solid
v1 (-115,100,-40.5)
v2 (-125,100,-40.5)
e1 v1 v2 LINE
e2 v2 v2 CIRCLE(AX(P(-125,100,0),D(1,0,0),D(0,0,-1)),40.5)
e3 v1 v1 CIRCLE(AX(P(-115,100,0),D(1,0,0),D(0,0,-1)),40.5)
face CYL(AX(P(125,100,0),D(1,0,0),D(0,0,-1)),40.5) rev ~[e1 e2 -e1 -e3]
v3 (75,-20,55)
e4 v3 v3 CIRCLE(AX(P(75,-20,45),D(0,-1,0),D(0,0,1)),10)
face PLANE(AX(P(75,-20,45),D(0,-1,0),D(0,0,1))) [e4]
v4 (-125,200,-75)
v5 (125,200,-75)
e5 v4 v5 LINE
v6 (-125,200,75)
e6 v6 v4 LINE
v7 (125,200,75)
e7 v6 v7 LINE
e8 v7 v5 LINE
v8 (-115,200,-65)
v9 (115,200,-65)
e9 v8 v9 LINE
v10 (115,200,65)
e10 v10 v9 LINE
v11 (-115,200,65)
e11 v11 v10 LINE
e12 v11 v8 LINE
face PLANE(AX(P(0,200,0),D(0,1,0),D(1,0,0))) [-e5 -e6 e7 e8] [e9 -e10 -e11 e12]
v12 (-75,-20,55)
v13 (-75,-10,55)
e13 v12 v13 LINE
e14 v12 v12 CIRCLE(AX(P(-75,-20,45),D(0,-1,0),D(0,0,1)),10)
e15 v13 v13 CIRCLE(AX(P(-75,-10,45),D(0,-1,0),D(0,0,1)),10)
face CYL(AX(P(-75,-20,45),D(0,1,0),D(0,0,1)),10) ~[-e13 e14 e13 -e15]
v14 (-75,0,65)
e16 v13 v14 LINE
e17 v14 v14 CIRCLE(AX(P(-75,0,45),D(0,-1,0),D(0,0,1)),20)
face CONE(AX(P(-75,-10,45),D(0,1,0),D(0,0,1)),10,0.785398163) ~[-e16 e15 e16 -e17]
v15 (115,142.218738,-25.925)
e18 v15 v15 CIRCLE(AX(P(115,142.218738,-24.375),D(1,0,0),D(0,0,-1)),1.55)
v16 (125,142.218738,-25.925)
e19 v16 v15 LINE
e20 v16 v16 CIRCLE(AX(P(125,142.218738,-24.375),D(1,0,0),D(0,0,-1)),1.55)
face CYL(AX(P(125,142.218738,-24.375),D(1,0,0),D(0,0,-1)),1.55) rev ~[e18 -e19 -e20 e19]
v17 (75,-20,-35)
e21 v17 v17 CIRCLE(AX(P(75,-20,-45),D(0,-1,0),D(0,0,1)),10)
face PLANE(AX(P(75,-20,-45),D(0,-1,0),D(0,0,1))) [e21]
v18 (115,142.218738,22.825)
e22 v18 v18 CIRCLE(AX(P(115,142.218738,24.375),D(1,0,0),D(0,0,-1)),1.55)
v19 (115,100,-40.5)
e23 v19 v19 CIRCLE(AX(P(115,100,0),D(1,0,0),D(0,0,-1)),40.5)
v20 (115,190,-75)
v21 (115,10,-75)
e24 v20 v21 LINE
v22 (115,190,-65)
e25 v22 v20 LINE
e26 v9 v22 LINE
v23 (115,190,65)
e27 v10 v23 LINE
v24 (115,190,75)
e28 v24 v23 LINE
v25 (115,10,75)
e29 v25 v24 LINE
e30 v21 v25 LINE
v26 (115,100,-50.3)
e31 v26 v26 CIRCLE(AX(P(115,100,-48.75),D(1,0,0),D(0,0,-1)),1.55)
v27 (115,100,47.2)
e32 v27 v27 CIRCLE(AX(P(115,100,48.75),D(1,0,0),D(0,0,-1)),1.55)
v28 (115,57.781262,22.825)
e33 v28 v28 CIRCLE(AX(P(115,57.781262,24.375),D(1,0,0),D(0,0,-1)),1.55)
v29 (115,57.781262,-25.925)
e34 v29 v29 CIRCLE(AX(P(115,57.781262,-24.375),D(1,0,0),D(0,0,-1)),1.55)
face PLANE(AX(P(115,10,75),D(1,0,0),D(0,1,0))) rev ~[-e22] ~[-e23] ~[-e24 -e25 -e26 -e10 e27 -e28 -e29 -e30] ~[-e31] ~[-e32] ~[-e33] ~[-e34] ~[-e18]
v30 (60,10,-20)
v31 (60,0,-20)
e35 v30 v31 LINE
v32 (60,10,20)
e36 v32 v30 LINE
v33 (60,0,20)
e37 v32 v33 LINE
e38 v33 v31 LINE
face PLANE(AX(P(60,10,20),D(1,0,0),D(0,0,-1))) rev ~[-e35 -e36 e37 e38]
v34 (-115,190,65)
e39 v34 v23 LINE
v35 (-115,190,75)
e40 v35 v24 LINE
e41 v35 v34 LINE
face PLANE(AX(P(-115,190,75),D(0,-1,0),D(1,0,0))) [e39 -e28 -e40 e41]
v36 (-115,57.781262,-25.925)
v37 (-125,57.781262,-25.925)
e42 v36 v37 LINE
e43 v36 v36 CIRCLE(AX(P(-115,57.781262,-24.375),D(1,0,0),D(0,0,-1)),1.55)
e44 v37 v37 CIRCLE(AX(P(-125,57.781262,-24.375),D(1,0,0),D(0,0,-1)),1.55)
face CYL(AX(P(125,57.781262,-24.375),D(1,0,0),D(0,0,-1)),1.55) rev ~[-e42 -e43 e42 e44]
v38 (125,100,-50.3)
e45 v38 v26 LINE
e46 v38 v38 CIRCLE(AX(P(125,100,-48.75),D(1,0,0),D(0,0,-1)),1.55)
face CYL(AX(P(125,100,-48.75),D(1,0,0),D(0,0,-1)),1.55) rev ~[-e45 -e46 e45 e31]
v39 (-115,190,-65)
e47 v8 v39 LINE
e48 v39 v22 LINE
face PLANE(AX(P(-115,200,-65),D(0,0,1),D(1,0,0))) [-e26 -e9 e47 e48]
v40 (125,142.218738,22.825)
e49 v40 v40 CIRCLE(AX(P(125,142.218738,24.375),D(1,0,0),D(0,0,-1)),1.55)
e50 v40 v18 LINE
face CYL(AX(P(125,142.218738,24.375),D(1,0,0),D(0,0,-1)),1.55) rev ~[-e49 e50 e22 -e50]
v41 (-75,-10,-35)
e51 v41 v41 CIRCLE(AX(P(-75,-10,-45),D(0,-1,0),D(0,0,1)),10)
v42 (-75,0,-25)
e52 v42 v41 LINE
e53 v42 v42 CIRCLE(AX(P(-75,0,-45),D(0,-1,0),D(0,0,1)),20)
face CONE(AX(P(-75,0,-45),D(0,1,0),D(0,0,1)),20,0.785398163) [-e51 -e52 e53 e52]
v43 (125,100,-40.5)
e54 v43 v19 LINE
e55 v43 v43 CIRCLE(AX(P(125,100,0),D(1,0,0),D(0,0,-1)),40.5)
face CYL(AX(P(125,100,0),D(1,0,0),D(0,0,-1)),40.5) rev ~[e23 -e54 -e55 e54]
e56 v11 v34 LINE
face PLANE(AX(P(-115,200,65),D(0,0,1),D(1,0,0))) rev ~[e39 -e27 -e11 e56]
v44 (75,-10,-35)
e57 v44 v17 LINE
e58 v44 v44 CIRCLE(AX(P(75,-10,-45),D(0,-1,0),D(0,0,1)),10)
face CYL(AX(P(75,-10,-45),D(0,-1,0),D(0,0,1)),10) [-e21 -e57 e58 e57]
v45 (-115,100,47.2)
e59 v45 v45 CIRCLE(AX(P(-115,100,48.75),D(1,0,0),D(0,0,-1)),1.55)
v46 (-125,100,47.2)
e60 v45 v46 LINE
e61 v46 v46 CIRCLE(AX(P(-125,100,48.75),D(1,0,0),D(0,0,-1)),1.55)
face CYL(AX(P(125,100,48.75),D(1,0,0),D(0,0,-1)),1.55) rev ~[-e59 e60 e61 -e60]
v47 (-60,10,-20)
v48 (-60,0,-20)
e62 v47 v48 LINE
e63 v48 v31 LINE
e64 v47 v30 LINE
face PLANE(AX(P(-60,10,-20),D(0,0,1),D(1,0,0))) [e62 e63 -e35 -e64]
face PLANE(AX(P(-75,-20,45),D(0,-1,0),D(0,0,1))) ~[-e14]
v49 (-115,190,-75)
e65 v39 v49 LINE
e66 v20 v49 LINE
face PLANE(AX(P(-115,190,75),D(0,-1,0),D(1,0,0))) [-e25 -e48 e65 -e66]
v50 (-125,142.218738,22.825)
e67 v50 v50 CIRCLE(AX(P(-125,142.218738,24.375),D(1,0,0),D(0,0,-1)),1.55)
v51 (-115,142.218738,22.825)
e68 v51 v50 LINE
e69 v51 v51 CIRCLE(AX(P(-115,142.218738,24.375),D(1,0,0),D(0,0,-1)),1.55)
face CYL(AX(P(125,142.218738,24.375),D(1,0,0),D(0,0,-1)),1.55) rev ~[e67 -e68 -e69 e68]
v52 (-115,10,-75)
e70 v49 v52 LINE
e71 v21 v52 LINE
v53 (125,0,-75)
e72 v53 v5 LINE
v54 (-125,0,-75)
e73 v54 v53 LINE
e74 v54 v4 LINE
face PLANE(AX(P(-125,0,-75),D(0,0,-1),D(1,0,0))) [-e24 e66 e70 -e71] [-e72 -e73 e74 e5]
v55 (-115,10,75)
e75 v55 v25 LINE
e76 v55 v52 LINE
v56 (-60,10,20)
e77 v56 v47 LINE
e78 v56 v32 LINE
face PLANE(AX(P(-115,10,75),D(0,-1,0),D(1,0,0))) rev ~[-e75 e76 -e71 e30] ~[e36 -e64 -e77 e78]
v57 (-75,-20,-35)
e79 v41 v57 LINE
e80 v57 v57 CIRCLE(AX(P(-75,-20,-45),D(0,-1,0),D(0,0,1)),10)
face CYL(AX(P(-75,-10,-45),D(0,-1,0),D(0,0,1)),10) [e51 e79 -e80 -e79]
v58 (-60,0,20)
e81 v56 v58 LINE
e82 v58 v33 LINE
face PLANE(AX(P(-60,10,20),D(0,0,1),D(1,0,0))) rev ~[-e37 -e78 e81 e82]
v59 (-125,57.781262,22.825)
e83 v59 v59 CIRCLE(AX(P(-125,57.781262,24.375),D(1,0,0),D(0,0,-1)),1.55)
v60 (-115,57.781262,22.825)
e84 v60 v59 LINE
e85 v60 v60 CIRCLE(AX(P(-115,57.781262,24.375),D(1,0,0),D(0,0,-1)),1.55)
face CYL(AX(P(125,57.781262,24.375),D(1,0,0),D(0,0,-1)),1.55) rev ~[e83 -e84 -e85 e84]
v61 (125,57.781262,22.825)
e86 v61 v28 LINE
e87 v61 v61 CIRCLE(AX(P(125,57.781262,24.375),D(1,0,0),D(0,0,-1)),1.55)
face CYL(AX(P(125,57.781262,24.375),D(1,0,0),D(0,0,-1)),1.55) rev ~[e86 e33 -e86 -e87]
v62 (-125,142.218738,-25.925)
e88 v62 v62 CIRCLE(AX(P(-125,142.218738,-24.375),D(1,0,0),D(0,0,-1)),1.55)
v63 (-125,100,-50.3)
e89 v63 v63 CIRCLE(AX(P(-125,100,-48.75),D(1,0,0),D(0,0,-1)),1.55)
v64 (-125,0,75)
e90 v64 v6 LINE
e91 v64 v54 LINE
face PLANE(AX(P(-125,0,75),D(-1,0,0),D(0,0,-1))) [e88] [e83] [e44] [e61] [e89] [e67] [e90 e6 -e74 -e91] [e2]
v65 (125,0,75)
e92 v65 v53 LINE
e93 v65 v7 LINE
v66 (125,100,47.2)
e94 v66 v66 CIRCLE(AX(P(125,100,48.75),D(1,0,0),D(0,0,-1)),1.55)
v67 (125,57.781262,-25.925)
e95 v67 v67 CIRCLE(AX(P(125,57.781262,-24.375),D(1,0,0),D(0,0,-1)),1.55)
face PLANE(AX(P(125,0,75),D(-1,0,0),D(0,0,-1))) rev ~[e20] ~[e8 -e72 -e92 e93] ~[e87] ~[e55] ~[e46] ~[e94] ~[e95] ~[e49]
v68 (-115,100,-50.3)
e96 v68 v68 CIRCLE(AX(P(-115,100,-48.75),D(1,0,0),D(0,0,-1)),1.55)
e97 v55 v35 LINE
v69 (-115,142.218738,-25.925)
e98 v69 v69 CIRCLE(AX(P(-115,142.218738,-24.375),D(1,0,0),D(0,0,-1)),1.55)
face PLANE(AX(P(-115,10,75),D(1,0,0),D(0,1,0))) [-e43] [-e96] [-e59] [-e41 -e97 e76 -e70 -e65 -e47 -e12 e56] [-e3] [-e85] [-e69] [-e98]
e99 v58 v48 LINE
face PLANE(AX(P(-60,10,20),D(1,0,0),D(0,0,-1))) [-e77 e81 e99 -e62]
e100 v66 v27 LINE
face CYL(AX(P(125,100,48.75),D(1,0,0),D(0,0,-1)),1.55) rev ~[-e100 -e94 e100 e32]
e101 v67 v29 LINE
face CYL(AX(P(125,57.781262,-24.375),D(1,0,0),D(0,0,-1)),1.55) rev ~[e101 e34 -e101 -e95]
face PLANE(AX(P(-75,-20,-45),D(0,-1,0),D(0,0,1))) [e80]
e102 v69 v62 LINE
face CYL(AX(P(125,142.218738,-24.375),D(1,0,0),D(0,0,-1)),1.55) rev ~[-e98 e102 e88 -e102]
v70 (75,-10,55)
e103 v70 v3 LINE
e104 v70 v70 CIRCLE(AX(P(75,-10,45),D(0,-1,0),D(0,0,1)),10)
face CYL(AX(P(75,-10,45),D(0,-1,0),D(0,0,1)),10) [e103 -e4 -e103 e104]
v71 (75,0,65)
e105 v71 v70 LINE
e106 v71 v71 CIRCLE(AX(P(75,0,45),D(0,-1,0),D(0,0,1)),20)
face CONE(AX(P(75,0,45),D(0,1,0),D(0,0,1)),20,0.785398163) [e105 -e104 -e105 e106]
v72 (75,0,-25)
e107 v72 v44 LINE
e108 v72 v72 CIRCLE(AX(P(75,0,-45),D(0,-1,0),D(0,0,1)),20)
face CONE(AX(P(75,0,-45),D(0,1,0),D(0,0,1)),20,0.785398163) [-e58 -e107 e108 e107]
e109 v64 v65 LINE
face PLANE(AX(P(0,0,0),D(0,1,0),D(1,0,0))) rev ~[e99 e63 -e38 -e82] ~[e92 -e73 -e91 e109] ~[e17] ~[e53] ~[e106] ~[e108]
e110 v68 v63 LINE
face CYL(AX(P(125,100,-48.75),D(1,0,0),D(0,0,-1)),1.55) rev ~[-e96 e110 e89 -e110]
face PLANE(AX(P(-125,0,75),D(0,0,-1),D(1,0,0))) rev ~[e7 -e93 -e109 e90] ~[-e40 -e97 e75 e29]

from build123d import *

# Parameters (mm, degrees)
SKETCH_1_W          = 250
SKETCH_1_H          = 150
EXTRUDE_2_DEPTH     = 200
SKETCH_3_W          = 230
SKETCH_3_H          = 130
CUT_EXTRUDE_1_DEPTH = 190
SKETCH_4_W          = 230
SKETCH_4_H          = 180
CUT_EXTRUDE_2_DEPTH = 190
SKETCH_5_R          = 40.5
SKETCH_5_R_2        = 1.55
CUT_EXTRUDE_3_DEPTH = 250
SKETCH_14_W         = 120
SKETCH_14_H         = 40
CUT_EXTRUDE_4_DEPTH = 20


with BuildPart() as part:
    # 草图1 → 凸台-拉伸2 (new body)
    with BuildSketch(Plane(origin=(0, 0, 0), x_dir=(1, 0, 0), z_dir=(0, 1, 0))):
        Rectangle(SKETCH_1_W, SKETCH_1_H)
    extrude(amount=EXTRUDE_2_DEPTH)

    # 草图3 → 切除-拉伸1 (cut)
    with BuildSketch(Plane(origin=(0, 200, 0), x_dir=(1, 0, 0), z_dir=(0, 1, 0))):
        Rectangle(SKETCH_3_W, SKETCH_3_H)
    extrude(amount=-CUT_EXTRUDE_1_DEPTH, mode=Mode.SUBTRACT)

    # 草图4 → 切除-拉伸2 (cut)
    with BuildSketch(Plane.XY.offset(75)):
        with Locations((0, 100)):
            Rectangle(SKETCH_4_W, SKETCH_4_H)
    extrude(amount=-CUT_EXTRUDE_2_DEPTH, mode=Mode.SUBTRACT)

    # 草图5 → 切除-拉伸3 (cut)
    with BuildSketch(Plane(origin=(125, 0, 0), x_dir=(0, 0, -1), z_dir=(1, 0, 0))):
        with Locations((0, 100)):
            Circle(SKETCH_5_R)
        with Locations((-24.375, 142.218738434)):
            Circle(SKETCH_5_R_2)
        with Locations((-48.75, 100)):
            Circle(SKETCH_5_R_2)
        with Locations((24.375, 142.218738434)):
            Circle(SKETCH_5_R_2)
        with Locations((48.75, 100)):
            Circle(SKETCH_5_R_2)
        with Locations((24.375, 57.781261566)):
            Circle(SKETCH_5_R_2)
        with Locations((-24.375, 57.781261566)):
            Circle(SKETCH_5_R_2)
    extrude(amount=-CUT_EXTRUDE_3_DEPTH, mode=Mode.SUBTRACT)

    # 草图10 → 旋转2 (revolve)
    with BuildSketch(Plane.XY.offset(45), mode=Mode.PRIVATE) as revolve_2_sk:
        Polygon((-75, 0), (-75, -20), (-85, -20), (-85, -10), (-95, 0), (-85, 0), align=None)
    revolve(revolve_2_sk.sketch.rotate(Axis((-75, 0, 45), (0, -1, 0)), 270), axis=Axis((-75, 0, 45), (0, -1, 0)))

    # 草图11 → 旋转4 (revolve)
    with BuildSketch(Plane.XY.offset(45), mode=Mode.PRIVATE) as revolve_4_sk:
        Polygon((75, 0), (55, 0), (65, -10), (65, -20), (75, -20), align=None)
    revolve(revolve_4_sk.sketch.rotate(Axis((75, 0, 45), (0, -1, 0)), 270), axis=Axis((75, 0, 45), (0, -1, 0)))

    # 草图12 → 旋转5 (revolve)
    with BuildSketch(Plane(origin=(0, 0, -45), x_dir=(-1, 0, 0), z_dir=(0, 0, -1)), mode=Mode.PRIVATE) as revolve_5_sk:
        Polygon((-75, 0), (-55, 0), (-65, -10), (-65, -20), (-75, -20), align=None)
    revolve(revolve_5_sk.sketch.rotate(Axis((75, 0, -45), (0, -1, 0)), 270), axis=Axis((75, 0, -45), (0, -1, 0)))

    # 草图13 → 旋转6 (revolve)
    with BuildSketch(Plane(origin=(0, 0, -45), x_dir=(-1, 0, 0), z_dir=(0, 0, -1)), mode=Mode.PRIVATE) as revolve_6_sk:
        Polygon((75, 0), (55, 0), (65, -10), (65, -20), (75, -20), align=None)
    revolve(revolve_6_sk.sketch.rotate(Axis((-75, 0, -45), (0, -1, 0)), 90), axis=Axis((-75, 0, -45), (0, -1, 0)))

    # 草图14 → 切除-拉伸4 (cut)
    with BuildSketch(Plane(origin=(0, 10, 0), x_dir=(1, 0, 0), z_dir=(0, 1, 0))):
        Rectangle(SKETCH_14_W, SKETCH_14_H)
    extrude(amount=-CUT_EXTRUDE_4_DEPTH, mode=Mode.SUBTRACT)


solid = part.part
